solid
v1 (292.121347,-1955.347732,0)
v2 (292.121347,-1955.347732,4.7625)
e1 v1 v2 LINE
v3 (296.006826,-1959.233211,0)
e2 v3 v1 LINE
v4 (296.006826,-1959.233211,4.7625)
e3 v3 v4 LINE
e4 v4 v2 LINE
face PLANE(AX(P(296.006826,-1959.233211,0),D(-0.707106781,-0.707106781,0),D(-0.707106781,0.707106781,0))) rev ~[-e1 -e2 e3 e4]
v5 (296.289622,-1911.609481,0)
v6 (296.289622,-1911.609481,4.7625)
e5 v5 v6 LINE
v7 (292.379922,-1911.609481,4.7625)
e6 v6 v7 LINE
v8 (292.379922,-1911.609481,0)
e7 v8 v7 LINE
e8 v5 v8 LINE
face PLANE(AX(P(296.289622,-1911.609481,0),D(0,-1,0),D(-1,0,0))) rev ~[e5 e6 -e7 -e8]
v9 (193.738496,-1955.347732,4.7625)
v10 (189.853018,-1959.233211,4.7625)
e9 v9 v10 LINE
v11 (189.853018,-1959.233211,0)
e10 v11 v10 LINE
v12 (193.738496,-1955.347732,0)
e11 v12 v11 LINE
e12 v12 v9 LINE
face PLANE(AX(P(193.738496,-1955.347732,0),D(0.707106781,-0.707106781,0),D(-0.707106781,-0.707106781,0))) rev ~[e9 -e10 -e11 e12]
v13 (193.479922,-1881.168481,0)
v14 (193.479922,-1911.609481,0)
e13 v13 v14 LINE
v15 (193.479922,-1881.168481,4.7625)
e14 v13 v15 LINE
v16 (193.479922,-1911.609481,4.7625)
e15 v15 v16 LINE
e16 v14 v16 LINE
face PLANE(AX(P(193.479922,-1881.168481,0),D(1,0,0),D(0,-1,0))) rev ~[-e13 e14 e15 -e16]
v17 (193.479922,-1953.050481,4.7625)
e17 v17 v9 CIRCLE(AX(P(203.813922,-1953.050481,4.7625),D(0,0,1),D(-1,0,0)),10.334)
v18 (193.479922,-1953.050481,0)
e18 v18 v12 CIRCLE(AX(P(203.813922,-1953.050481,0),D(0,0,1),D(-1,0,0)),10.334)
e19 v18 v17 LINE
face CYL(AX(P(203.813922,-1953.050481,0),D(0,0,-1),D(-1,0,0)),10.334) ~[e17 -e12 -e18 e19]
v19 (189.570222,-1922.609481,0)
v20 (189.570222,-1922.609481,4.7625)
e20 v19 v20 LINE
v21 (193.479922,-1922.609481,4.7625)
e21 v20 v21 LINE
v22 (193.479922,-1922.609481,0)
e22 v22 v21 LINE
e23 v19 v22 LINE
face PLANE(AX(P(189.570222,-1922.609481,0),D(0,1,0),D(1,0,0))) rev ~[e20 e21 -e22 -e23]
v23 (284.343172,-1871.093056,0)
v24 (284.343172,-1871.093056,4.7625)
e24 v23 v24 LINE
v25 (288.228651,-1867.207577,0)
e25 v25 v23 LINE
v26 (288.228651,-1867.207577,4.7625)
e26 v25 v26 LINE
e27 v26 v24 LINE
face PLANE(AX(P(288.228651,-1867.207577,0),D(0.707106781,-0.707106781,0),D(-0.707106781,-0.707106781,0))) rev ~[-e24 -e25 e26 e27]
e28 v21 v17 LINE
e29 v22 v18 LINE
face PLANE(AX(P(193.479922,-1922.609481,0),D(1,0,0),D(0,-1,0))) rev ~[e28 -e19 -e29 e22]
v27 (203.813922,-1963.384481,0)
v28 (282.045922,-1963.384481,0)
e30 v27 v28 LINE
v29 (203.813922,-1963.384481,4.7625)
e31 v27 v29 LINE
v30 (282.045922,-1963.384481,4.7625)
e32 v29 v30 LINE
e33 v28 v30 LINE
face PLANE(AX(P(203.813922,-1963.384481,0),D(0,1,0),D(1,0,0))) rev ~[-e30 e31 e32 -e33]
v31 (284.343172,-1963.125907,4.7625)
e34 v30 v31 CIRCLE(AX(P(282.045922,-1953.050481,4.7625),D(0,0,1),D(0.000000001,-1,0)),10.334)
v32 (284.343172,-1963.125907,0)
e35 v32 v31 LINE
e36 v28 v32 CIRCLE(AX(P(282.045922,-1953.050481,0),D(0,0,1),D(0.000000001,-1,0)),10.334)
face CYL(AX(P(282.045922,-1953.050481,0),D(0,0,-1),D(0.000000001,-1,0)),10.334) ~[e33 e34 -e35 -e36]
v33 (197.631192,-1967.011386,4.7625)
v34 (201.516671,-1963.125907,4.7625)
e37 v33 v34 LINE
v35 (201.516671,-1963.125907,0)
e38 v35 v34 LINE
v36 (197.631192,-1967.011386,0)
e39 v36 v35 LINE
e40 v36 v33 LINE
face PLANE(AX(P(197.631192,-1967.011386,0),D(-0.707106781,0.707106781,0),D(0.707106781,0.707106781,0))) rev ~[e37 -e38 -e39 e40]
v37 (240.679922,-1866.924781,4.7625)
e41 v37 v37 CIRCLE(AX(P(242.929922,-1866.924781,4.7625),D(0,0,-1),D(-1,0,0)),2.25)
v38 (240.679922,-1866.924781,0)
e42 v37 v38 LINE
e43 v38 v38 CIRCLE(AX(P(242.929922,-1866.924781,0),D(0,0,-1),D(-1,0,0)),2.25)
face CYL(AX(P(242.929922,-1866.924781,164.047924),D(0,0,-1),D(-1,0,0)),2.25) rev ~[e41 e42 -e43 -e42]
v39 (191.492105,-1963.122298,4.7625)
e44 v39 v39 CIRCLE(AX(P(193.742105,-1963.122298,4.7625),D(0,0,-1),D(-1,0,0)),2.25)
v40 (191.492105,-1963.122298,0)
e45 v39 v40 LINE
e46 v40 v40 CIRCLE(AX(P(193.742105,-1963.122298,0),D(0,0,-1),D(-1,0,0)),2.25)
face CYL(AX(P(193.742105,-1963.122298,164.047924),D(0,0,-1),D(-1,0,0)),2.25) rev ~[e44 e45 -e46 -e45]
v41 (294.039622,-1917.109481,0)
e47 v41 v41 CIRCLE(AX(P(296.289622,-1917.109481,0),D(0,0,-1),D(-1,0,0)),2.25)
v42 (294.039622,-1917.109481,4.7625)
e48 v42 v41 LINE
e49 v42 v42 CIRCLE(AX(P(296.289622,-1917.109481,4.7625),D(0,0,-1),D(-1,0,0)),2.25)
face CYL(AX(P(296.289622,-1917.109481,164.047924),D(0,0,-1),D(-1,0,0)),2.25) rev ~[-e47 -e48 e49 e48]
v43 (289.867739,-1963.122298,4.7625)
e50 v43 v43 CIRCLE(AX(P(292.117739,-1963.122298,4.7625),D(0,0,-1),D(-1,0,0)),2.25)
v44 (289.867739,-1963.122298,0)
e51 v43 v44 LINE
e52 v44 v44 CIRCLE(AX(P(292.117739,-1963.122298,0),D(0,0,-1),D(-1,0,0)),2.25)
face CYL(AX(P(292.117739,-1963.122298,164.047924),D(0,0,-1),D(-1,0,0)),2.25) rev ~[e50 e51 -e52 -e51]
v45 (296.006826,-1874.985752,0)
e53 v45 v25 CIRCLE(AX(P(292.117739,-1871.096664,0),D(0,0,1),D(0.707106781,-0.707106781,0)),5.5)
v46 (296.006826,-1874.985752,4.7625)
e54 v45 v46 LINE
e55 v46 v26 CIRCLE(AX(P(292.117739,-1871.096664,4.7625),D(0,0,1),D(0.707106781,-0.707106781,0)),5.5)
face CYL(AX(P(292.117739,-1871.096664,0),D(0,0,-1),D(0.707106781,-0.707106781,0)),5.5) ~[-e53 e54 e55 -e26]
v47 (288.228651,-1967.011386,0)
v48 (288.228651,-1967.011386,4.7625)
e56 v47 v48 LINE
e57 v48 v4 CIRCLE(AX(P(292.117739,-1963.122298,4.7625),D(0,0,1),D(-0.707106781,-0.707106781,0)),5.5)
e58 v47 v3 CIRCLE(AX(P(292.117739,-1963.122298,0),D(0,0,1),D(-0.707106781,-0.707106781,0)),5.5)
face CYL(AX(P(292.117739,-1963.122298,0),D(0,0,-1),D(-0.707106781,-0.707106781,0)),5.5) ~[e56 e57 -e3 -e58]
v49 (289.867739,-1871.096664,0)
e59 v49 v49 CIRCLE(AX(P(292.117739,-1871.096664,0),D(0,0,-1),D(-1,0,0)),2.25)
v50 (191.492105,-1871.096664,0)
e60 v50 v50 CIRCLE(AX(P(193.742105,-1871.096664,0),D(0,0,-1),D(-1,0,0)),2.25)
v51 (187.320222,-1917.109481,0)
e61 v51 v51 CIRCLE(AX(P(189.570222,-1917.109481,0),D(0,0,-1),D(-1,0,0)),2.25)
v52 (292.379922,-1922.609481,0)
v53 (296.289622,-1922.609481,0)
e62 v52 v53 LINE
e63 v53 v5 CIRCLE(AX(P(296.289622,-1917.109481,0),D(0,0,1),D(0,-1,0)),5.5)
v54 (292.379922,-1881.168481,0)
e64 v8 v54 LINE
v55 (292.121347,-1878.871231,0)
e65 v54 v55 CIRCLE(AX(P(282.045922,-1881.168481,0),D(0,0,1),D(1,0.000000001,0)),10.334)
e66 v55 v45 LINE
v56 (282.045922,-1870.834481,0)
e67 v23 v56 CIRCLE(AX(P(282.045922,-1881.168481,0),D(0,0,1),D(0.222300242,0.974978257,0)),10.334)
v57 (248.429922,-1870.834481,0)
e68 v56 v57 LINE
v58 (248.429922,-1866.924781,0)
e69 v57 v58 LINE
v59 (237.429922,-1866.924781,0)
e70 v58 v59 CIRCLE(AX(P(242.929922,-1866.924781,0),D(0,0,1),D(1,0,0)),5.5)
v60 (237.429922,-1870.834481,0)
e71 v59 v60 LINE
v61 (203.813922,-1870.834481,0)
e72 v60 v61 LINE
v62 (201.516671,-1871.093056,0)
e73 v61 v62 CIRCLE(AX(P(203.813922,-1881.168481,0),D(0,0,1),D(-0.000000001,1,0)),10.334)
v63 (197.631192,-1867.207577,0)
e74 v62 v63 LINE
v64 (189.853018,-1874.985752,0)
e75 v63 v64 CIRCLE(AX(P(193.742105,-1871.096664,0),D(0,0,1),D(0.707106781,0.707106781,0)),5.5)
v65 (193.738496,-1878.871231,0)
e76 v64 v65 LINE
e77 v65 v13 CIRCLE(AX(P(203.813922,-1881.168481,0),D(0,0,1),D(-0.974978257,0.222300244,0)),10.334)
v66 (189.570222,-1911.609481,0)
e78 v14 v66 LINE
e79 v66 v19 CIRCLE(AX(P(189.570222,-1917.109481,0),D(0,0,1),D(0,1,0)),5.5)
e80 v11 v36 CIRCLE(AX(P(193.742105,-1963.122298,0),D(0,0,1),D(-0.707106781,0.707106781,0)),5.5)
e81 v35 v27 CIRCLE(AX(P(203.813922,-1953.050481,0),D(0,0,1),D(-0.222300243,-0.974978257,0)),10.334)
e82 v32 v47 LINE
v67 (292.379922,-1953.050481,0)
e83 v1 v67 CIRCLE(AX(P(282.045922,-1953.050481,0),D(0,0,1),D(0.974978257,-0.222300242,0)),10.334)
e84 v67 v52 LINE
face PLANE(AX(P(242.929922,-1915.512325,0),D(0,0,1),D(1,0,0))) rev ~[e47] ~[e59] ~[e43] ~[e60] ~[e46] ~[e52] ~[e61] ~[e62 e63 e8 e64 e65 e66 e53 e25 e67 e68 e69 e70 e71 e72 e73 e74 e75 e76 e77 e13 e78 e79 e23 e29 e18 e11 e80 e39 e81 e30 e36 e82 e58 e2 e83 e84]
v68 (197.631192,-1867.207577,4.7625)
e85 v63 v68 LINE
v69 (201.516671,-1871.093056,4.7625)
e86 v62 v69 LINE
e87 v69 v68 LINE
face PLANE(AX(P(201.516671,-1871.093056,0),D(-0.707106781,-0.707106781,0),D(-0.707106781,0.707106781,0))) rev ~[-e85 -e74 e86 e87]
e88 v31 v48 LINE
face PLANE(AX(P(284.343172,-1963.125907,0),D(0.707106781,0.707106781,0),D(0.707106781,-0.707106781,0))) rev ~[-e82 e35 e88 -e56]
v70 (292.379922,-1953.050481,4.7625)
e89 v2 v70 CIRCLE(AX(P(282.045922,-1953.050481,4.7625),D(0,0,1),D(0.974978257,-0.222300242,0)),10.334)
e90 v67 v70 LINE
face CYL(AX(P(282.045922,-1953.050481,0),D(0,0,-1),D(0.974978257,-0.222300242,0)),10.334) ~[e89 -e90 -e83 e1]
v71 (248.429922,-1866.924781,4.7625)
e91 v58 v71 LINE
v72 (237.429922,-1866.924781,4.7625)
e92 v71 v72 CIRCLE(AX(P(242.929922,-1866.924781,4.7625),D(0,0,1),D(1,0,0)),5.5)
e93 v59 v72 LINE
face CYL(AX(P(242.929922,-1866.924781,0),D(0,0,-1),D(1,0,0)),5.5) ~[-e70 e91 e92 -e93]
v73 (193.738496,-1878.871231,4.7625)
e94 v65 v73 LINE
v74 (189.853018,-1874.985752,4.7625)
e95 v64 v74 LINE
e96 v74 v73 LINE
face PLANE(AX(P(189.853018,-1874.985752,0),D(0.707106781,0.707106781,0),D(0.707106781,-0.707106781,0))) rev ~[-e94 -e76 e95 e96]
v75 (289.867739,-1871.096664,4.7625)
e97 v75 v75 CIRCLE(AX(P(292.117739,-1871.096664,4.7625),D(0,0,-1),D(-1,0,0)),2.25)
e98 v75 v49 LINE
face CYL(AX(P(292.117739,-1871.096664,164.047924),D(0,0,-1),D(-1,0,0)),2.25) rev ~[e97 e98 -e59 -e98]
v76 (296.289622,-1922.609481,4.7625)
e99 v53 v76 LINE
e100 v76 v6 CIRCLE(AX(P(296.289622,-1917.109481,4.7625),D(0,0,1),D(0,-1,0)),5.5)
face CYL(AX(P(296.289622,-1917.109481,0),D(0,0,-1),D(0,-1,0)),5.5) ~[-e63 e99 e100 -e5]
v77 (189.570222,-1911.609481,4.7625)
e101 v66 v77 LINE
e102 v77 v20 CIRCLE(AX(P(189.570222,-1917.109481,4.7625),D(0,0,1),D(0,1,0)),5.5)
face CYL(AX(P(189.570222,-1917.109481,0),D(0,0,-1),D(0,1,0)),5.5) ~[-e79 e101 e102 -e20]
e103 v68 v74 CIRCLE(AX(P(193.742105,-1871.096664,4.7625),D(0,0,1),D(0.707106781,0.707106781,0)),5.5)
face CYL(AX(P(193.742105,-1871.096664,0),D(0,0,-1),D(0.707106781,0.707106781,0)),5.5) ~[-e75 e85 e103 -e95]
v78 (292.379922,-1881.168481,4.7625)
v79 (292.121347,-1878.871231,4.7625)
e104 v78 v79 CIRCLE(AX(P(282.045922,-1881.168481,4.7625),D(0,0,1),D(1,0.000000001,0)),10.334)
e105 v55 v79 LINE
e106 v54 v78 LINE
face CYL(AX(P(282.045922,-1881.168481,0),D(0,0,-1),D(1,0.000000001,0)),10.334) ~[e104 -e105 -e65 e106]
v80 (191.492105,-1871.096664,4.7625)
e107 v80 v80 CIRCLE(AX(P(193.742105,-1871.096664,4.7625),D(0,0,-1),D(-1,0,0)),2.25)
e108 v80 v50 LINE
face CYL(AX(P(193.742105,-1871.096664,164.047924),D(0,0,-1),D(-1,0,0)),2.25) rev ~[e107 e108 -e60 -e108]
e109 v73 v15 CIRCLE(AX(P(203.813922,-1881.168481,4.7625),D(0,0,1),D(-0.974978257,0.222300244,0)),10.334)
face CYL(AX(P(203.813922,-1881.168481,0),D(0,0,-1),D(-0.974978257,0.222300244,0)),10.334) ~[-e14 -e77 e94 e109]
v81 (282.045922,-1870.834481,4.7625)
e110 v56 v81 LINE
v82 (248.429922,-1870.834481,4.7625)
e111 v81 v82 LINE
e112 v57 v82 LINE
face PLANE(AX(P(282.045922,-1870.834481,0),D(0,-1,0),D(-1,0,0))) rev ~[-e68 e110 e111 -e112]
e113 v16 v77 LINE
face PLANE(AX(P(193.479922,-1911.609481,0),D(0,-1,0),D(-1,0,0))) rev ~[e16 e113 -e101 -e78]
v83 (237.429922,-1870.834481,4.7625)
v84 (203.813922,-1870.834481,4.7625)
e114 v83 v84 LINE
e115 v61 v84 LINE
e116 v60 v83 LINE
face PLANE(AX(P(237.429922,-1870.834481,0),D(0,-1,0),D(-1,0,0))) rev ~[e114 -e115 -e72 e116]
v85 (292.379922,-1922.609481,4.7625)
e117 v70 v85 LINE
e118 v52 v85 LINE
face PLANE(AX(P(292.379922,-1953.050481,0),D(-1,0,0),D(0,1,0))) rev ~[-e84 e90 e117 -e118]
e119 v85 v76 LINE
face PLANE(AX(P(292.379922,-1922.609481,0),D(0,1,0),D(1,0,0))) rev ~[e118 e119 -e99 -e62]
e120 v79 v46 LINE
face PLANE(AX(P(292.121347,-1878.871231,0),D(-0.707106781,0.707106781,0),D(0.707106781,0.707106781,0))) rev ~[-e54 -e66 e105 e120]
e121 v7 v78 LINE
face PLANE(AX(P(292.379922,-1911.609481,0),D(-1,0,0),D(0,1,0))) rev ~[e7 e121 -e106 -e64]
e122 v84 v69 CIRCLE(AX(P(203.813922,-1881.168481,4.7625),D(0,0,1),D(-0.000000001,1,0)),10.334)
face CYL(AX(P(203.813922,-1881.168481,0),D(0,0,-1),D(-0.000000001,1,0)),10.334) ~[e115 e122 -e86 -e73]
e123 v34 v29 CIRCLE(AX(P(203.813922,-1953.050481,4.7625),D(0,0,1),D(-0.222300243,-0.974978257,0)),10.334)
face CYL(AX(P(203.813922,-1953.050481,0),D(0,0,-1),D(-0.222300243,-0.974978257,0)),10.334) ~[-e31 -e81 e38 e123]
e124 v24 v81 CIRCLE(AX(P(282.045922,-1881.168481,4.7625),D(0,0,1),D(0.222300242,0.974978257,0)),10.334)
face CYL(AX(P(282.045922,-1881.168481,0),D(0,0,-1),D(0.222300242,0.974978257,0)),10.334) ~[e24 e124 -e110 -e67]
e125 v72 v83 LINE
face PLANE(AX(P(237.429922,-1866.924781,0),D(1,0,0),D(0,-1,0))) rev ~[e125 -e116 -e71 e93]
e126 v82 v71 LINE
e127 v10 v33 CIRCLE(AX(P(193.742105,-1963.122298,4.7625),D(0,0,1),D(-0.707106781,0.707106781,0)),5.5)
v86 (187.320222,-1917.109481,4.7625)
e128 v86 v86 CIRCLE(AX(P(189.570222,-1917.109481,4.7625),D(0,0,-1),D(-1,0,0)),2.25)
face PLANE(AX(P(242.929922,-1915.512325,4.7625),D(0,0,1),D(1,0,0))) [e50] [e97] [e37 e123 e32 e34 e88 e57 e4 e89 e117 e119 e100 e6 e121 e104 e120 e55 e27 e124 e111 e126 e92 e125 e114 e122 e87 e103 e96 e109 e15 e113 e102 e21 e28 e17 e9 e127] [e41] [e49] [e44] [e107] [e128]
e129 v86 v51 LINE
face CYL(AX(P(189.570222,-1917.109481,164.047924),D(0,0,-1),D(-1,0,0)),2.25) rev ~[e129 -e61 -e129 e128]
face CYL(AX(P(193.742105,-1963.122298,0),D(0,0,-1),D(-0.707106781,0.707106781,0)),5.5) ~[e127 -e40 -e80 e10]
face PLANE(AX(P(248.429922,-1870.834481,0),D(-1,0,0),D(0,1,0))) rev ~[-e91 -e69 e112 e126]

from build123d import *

# Parameters (mm, degrees)
BOSS_EXTRUDE1_DEPTH  = 4.7625
M4_CLEARANCE_HOLE1_D = 4.5


with BuildPart() as part:
    # Sketch1 → Boss-Extrude1 (new body)
    with BuildSketch(Plane.XY):
        with BuildLine():
            Line((288.228651321, -1867.207577199), (284.343172474, -1871.093056046))
            ThreePointArc((284.343172474, -1871.093056046), (283.201800398, -1870.89932849), (282.045921758, -1870.834481355))
            Line((282.045921758, -1870.834481355), (248.429921758, -1870.834481355))
            Line((248.429921758, -1870.834481355), (248.429921758, -1866.924781355))
            ThreePointArc((248.429921758, -1866.924781355), (242.929921758, -1861.424781355), (237.429921758, -1866.924781355))
            Line((237.429921758, -1866.924781355), (237.429921758, -1870.834481355))
            Line((237.429921758, -1870.834481355), (203.813921758, -1870.834481355))
            ThreePointArc((203.813921758, -1870.834481355), (202.658043118, -1870.89932849), (201.516671043, -1871.093056046))
            Line((201.516671043, -1871.093056046), (197.631192196, -1867.207577199))
            ThreePointArc((197.631192196, -1867.207577199), (189.853017603, -1867.207577199), (189.853017603, -1874.985751792))
            Line((189.853017603, -1874.985751792), (193.73849645, -1878.871230639))
            ThreePointArc((193.73849645, -1878.871230639), (193.544768893, -1880.012602715), (193.479921758, -1881.168481355))
            Line((193.479921758, -1881.168481355), (193.479921758, -1911.609481355))
            Line((193.479921758, -1911.609481355), (189.570221758, -1911.609481355))
            ThreePointArc((189.570221758, -1911.609481355), (184.070221758, -1917.109481355), (189.570221758, -1922.609481355))
            Line((189.570221758, -1922.609481355), (193.479921758, -1922.609481355))
            Line((193.479921758, -1922.609481355), (193.479921758, -1953.050481355))
            ThreePointArc((193.479921758, -1953.050481355), (193.544768893, -1954.206359995), (193.73849645, -1955.347732071))
            Line((193.73849645, -1955.347732071), (189.853017603, -1959.233210918))
            ThreePointArc((189.853017603, -1959.233210918), (189.853017603, -1967.011385511), (197.631192196, -1967.011385511))
            Line((197.631192196, -1967.011385511), (201.516671043, -1963.125906664))
            ThreePointArc((201.516671043, -1963.125906664), (202.658043118, -1963.31963422), (203.813921758, -1963.384481355))
            Line((203.813921758, -1963.384481355), (282.045921758, -1963.384481355))
            ThreePointArc((282.045921758, -1963.384481355), (283.201800398, -1963.31963422), (284.343172474, -1963.125906664))
            Line((284.343172474, -1963.125906664), (288.228651321, -1967.011385511))
            ThreePointArc((288.228651321, -1967.011385511), (296.006825914, -1967.011385511), (296.006825914, -1959.233210918))
            Line((296.006825914, -1959.233210918), (292.121347067, -1955.347732071))
            ThreePointArc((292.121347067, -1955.347732071), (292.315074623, -1954.206359995), (292.379921758, -1953.050481355))
            Line((292.379921758, -1953.050481355), (292.379921758, -1922.609481355))
            Line((292.379921758, -1922.609481355), (296.289621758, -1922.609481355))
            ThreePointArc((296.289621758, -1922.609481355), (301.789621758, -1917.109481355), (296.289621758, -1911.609481355))
            Line((296.289621758, -1911.609481355), (292.379921758, -1911.609481355))
            Line((292.379921758, -1911.609481355), (292.379921758, -1881.168481355))
            ThreePointArc((292.379921758, -1881.168481355), (292.315074623, -1880.012602715), (292.121347067, -1878.871230639))
            Line((292.121347067, -1878.871230639), (296.006825914, -1874.985751792))
            ThreePointArc((296.006825914, -1874.985751792), (296.006825914, -1867.207577199), (288.228651321, -1867.207577199))
        make_face()
    extrude(amount=BOSS_EXTRUDE1_DEPTH)

    # M4 Clearance Hole1 (through all)
    with Locations(Plane.XY.offset(4.7625)):
        with Locations((193.742104899, -1963.122298214), (189.570221758, -1917.109481355), (193.742104899, -1871.096664496), (242.929921758, -1866.924781355), (292.117738617, -1871.096664496), (296.289621758, -1917.109481355), (292.117738617, -1963.122298214)):
            Hole(M4_CLEARANCE_HOLE1_D / 2)


solid = part.part
